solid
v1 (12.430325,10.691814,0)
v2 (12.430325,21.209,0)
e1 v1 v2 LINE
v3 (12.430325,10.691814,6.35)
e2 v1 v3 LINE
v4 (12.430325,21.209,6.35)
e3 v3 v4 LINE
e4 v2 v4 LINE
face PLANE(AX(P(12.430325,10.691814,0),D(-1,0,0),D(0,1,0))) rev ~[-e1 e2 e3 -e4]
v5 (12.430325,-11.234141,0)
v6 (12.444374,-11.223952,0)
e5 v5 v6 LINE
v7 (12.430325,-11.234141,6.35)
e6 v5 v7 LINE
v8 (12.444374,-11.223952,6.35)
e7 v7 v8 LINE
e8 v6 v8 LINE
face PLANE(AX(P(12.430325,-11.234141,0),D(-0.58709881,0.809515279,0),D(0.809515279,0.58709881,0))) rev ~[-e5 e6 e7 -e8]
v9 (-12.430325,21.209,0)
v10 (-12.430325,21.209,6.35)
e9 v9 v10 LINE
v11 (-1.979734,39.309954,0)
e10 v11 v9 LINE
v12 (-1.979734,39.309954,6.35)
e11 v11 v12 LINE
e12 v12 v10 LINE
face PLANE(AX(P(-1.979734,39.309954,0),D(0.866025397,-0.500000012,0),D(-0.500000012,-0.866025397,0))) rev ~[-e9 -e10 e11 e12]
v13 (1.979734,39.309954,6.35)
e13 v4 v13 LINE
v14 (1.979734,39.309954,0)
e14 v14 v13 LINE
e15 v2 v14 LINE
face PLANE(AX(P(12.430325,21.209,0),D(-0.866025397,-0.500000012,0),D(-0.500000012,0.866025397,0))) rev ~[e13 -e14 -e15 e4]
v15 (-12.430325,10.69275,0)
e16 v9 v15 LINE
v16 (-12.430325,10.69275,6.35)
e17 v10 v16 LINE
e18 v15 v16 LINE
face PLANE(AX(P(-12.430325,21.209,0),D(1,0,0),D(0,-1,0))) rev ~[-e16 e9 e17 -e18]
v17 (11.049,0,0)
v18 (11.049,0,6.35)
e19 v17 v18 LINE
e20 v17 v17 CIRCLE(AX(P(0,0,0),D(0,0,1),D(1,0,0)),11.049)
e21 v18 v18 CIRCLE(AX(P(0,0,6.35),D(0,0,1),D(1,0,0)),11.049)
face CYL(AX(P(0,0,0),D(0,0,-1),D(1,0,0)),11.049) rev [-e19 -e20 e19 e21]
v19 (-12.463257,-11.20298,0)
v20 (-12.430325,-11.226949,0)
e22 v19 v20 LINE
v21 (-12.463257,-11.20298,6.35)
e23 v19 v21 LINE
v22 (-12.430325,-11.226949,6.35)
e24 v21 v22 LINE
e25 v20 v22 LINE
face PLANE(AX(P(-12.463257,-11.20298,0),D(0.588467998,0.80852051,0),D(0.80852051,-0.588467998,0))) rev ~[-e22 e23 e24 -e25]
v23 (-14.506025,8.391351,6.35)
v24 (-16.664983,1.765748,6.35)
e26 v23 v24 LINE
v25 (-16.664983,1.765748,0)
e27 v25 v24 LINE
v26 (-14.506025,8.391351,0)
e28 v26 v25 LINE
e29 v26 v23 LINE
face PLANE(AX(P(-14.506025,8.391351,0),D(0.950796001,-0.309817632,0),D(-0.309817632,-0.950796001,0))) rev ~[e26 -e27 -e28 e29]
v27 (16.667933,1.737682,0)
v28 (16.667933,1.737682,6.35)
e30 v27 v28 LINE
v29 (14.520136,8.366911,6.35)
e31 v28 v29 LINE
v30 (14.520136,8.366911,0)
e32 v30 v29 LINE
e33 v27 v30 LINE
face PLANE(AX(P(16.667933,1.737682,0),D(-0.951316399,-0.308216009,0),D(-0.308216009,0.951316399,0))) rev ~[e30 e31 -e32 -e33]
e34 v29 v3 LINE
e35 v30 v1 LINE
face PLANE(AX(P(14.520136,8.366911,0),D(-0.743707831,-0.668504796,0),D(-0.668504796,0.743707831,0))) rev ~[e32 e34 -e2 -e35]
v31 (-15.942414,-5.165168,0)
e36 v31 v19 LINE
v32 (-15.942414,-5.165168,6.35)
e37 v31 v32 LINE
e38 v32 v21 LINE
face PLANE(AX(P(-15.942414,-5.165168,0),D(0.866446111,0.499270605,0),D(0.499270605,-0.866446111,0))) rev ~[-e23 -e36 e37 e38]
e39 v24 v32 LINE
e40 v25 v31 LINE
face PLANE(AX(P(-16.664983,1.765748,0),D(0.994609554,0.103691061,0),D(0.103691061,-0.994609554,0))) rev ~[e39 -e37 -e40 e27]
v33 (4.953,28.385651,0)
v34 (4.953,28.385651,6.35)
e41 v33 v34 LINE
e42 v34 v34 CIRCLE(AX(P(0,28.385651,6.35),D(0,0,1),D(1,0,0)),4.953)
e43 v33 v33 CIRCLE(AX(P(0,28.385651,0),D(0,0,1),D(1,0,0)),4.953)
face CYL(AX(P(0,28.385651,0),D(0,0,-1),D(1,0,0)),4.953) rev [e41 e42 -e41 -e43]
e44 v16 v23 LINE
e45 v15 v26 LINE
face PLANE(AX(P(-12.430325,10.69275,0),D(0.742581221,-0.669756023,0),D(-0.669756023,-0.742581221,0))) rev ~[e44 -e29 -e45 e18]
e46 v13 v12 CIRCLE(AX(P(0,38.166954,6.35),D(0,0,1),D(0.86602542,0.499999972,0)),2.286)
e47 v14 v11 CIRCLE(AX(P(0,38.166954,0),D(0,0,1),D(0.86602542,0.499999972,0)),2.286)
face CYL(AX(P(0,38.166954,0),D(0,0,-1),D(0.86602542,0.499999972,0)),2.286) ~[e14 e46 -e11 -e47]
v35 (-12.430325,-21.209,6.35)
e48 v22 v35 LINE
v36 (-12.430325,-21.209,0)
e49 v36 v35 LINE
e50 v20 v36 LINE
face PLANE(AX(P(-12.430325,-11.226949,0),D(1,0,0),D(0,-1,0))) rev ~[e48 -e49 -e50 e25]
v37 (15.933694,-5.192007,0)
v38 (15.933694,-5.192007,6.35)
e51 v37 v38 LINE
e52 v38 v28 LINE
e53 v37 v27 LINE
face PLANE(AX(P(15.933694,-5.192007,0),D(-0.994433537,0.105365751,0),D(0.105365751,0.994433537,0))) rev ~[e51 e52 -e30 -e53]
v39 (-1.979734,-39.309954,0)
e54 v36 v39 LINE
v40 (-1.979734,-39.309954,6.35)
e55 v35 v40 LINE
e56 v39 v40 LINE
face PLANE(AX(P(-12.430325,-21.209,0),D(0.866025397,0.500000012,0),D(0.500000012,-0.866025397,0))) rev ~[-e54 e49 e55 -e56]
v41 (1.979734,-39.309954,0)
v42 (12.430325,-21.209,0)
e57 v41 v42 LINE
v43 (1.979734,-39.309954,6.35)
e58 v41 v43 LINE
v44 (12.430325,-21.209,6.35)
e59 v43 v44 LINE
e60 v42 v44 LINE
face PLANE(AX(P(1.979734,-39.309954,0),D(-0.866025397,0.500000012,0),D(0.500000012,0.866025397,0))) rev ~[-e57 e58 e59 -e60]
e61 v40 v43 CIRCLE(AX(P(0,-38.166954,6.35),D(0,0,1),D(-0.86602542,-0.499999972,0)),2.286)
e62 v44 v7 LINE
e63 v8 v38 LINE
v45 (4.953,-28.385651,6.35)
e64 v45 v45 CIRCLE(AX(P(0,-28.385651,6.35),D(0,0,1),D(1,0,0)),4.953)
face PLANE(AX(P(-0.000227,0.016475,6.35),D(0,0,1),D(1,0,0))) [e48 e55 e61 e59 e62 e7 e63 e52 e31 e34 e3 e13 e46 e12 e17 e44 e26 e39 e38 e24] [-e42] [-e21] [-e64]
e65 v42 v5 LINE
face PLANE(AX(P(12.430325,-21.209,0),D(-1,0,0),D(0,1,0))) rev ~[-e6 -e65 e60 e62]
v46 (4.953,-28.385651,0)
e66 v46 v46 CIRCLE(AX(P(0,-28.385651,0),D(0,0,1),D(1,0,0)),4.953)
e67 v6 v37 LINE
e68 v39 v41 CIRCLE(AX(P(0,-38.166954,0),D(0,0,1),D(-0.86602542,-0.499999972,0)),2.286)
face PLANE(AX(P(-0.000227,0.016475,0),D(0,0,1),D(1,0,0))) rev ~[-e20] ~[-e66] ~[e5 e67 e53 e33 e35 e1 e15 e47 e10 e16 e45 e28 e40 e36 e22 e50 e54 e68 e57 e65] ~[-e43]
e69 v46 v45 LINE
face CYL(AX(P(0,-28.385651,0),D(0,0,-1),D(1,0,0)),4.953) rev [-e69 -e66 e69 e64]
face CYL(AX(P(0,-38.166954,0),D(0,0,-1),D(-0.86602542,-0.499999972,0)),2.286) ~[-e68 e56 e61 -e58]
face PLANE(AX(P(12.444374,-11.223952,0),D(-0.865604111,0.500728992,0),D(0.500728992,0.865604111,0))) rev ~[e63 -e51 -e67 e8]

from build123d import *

# Parameters (mm, degrees)
F0_R     = 4.953
F0_R_2   = 11.049
F1_DEPTH = 6.35


with BuildPart() as f1:
    # F0 (on Top) → F1 (new body)
    with BuildSketch(Plane.XY):
        with BuildLine():
            Line((12.430325, 21.209), (1.979734, 39.309954))
            ThreePointArc((1.979734, 39.309954), (0, 40.452954), (-1.979734, 39.309954))
            Line((-1.979734, 39.309954), (-12.430325, 21.209))
            Line((-12.430325, 21.209), (-12.430325, 10.69275))
            Line((-12.430325, 10.69275), (-14.506025, 8.391351))
            Line((-14.506025, 8.391351), (-16.664983, 1.765748))
            Line((-16.664983, 1.765748), (-15.942414, -5.165168))
            Line((-15.942414, -5.165168), (-12.463257, -11.20298))
            Line((-12.463257, -11.20298), (-12.430325, -11.226949))
            Line((-12.430325, -11.226949), (-12.430325, -21.209))
            Line((-12.430325, -21.209), (-1.979734, -39.309954))
            ThreePointArc((-1.979734, -39.309954), (0, -40.452954), (1.979734, -39.309954))
            Line((1.979734, -39.309954), (12.430325, -21.209))
            Line((12.430325, -21.209), (12.430325, -11.234141))
            Line((12.430325, -11.234141), (12.444374, -11.223952))
            Line((12.444374, -11.223952), (15.933694, -5.192007))
            Line((15.933694, -5.192007), (16.667933, 1.737682))
            Line((16.667933, 1.737682), (14.520136, 8.366911))
            Line((14.520136, 8.366911), (12.430325, 10.691814))
            Line((12.430325, 10.691814), (12.430325, 21.209))
        make_face()
        with Locations((0, -28.385651)):
            Circle(F0_R, mode=Mode.SUBTRACT)
        Circle(F0_R_2, mode=Mode.SUBTRACT)
        with Locations((0, 28.385651)):
            Circle(F0_R, mode=Mode.SUBTRACT)
    extrude(amount=F1_DEPTH)


solid = f1.part
